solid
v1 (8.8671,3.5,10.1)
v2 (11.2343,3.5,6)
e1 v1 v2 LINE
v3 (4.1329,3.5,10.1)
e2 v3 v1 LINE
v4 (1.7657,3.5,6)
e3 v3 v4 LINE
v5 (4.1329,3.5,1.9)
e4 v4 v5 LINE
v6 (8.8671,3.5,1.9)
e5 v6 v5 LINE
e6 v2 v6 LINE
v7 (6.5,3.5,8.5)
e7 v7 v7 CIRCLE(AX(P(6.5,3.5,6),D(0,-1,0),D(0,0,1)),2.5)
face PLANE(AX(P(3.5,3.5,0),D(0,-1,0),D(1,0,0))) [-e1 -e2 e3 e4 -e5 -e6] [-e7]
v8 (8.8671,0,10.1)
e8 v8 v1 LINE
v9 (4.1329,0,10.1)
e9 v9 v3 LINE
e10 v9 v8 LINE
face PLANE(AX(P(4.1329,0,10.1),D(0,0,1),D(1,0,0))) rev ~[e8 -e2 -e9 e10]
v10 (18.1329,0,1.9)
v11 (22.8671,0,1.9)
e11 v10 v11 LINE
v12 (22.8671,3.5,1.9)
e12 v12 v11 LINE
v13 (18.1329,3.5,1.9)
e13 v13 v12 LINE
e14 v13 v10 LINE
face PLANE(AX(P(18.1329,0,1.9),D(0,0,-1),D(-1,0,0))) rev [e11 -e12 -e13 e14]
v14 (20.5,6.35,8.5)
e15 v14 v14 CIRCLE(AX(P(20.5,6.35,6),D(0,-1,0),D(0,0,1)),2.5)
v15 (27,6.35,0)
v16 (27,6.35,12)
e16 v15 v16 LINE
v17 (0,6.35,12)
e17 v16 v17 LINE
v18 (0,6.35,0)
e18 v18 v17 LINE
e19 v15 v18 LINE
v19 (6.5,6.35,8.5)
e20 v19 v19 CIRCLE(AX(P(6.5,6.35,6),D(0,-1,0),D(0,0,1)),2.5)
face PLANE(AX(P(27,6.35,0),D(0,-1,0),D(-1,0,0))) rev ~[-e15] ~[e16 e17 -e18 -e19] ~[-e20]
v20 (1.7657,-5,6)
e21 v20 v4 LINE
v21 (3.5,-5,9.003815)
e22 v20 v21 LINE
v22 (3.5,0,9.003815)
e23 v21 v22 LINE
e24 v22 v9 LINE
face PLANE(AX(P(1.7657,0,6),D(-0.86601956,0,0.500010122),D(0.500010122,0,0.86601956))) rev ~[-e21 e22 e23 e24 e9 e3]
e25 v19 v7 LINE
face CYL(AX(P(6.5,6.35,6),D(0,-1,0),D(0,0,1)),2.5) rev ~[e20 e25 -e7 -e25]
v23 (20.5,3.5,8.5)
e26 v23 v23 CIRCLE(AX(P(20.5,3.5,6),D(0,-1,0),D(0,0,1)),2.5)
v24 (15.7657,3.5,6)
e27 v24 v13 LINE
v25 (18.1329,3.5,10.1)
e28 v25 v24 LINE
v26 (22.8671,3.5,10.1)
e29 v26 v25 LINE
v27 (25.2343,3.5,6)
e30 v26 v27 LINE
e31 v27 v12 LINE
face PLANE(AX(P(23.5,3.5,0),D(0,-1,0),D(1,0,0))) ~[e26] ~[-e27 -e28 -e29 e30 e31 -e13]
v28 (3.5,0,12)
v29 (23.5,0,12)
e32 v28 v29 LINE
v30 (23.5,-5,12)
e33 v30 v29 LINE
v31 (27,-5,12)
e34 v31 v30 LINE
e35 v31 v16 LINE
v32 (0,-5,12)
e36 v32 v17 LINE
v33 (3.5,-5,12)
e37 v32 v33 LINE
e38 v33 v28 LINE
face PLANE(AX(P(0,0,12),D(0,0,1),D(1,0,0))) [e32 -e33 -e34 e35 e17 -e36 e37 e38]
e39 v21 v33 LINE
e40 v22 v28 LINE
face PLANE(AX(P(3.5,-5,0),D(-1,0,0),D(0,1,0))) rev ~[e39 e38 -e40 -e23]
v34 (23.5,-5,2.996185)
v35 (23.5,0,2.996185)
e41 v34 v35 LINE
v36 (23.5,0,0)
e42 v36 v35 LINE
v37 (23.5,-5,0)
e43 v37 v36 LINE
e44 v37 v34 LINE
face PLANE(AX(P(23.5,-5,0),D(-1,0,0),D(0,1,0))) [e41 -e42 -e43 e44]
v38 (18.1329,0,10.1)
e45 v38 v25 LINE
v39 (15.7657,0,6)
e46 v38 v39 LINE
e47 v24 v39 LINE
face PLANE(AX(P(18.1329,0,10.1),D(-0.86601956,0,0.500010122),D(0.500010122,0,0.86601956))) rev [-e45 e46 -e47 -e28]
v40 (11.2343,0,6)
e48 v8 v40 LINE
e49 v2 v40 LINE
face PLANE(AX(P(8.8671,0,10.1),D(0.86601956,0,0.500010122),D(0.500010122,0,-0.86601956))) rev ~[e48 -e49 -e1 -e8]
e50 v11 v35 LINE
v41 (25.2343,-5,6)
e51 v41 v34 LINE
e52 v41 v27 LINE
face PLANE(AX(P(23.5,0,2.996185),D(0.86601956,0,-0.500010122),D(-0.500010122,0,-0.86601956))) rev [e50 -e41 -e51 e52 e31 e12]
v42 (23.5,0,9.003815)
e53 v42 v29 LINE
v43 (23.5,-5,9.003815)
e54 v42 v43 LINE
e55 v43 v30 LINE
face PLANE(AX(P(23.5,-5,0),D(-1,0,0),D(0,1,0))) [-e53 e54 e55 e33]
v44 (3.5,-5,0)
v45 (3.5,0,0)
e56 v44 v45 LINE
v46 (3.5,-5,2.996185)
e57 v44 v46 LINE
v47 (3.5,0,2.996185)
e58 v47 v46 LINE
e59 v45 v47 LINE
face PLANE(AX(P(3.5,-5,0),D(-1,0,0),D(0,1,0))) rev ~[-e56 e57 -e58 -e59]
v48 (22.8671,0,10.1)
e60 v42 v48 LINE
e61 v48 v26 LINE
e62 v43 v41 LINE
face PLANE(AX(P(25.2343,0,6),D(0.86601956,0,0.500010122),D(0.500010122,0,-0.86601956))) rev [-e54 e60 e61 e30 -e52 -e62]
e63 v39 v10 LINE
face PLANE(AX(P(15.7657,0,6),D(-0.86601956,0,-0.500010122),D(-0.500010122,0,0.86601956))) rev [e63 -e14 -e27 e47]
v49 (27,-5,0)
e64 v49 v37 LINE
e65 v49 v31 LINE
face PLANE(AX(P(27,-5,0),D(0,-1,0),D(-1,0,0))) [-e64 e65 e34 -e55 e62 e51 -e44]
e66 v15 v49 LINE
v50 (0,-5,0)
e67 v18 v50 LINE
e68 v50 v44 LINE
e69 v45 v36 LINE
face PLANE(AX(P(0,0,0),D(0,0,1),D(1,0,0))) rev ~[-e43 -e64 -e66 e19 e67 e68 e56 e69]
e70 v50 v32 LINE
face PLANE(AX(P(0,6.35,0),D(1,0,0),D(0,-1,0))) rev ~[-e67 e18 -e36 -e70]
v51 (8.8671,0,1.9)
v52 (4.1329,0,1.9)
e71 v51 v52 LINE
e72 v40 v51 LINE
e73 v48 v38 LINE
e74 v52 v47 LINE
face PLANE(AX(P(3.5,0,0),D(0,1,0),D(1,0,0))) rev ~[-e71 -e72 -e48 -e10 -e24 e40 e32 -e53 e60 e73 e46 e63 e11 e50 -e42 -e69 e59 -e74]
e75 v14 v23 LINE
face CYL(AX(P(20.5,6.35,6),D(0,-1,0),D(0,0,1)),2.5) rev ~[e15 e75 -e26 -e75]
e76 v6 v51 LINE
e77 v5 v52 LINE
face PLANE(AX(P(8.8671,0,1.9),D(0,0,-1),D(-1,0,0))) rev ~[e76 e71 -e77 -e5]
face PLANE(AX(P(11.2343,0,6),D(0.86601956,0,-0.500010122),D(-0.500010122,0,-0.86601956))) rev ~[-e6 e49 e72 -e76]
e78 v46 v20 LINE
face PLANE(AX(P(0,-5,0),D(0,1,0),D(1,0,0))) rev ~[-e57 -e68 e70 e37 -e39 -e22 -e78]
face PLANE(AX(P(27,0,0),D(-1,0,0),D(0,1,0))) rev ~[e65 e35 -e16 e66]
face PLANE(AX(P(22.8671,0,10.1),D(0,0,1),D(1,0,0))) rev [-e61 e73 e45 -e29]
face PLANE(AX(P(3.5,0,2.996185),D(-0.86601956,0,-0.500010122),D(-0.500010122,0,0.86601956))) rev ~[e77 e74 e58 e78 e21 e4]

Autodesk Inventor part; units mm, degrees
ref_plane "YZ Plane" through (0, 0, 0) normal (1, 0, 0) x (0, 1, 0)
ref_plane "XZ Plane" through (0, 0, 0) normal (0, 1, 0) x (-1, 0, 0)
ref_plane "XY Plane" through (0, 0, 0) normal (0, 0, 1) x (1, 0, 0)
sketch "Sketch1" plane through (0, 0, 0) normal (0, 0, 1) x (1, 0, 0)
  line L0 (0, 0) -> (27, 0)
  line L1 (27, 0) -> (27, 6.35)
  line L2 (27, 6.35) -> (0, 6.35)
  line L3 (0, 6.35) -> (0, 0)
  line L4 (0, 0) -> (0, -5)
  line L5 (0, -5) -> (3.5, -5)
  line L6 (3.5, -5) -> (3.5, 0)
  line L7 (27, 0) -> (27, -5)
  line L8 (27, -5) -> (23.5, -5)
  line L9 (23.5, -5) -> (23.5, 0)
  dimension "d0" = 27
  dimension "d1" = 6.35
  dimension "d14" = 20
  dimension "d15" = 5
extrude "Extrusion1" add sketch "Sketch1" along normal blind 12
sketch "Sketch2" plane through (0, 6.35, 0) normal (0, 1, 0) x (1, 0, 0)
  line L0 (0, 0) -> (0, -12) projected
  line L1 (27, 0) -> (27, -12) projected
  point P0 (6.5, -6)
  point P1 (20.5, -6)
  point P2 (0, -6)
  dimension "d4" = 6.5
  dimension "d5" = 6.5
  dimension "d6" = 14
hole "Hole1" at (6.5, 6.35, 6) at (20.5, 6.35, 6) direction (0, -1, 0) diameter 5 end through all
sketch "Sketch3" plane through (3.5, 0, 0) normal (0, -1, 0) x (1, 0, 0)
  circle A0 centre (3, 6) radius 2.5 projected
  circle A1 centre (17, 6) radius 2.5 projected
  line L0 (0, 0) -> (20, 0) projected
  line L1 (20, 0) -> (20, 12) projected
  line L2 (0, 12) -> (20, 12) projected
  line L3 (0, 0) -> (0, 12) projected
  line L4 (7.7343, 6) -> (5.3671, 1.9)
  line L5 (5.3671, 1.9) -> (0.6329, 1.9)
  line L6 (0.6329, 1.9) -> (-1.7343, 6)
  line L7 (-1.7343, 6) -> (0.6329, 10.1)
  line L8 (0.6329, 10.1) -> (5.3671, 10.1)
  line L9 (5.3671, 10.1) -> (7.7343, 6)
  point P0 (-3.5, 0)
  point P1 (0, 9.0038)
  point P2 (0, 2.9962)
  dimension "d16" = 8.2
extrude "Extrusion2" cut sketch "Sketch3" along normal blind 6.75 and the other way blind 3.5 contours L6 L7 L3 | L3 L7 L8 L9 L4 L5 L6
ref_plane "Work Plane1" through (13.5, -5, 0) normal (1, 0, 0) x (0, 0, -1)
mirror "Mirror1" about plane through (13.5, -5, 0) normal (1, 0, 0) of "Extrusion2"
equation "\"d5\" = d4"
properties part number "Idle Bearing mount"
